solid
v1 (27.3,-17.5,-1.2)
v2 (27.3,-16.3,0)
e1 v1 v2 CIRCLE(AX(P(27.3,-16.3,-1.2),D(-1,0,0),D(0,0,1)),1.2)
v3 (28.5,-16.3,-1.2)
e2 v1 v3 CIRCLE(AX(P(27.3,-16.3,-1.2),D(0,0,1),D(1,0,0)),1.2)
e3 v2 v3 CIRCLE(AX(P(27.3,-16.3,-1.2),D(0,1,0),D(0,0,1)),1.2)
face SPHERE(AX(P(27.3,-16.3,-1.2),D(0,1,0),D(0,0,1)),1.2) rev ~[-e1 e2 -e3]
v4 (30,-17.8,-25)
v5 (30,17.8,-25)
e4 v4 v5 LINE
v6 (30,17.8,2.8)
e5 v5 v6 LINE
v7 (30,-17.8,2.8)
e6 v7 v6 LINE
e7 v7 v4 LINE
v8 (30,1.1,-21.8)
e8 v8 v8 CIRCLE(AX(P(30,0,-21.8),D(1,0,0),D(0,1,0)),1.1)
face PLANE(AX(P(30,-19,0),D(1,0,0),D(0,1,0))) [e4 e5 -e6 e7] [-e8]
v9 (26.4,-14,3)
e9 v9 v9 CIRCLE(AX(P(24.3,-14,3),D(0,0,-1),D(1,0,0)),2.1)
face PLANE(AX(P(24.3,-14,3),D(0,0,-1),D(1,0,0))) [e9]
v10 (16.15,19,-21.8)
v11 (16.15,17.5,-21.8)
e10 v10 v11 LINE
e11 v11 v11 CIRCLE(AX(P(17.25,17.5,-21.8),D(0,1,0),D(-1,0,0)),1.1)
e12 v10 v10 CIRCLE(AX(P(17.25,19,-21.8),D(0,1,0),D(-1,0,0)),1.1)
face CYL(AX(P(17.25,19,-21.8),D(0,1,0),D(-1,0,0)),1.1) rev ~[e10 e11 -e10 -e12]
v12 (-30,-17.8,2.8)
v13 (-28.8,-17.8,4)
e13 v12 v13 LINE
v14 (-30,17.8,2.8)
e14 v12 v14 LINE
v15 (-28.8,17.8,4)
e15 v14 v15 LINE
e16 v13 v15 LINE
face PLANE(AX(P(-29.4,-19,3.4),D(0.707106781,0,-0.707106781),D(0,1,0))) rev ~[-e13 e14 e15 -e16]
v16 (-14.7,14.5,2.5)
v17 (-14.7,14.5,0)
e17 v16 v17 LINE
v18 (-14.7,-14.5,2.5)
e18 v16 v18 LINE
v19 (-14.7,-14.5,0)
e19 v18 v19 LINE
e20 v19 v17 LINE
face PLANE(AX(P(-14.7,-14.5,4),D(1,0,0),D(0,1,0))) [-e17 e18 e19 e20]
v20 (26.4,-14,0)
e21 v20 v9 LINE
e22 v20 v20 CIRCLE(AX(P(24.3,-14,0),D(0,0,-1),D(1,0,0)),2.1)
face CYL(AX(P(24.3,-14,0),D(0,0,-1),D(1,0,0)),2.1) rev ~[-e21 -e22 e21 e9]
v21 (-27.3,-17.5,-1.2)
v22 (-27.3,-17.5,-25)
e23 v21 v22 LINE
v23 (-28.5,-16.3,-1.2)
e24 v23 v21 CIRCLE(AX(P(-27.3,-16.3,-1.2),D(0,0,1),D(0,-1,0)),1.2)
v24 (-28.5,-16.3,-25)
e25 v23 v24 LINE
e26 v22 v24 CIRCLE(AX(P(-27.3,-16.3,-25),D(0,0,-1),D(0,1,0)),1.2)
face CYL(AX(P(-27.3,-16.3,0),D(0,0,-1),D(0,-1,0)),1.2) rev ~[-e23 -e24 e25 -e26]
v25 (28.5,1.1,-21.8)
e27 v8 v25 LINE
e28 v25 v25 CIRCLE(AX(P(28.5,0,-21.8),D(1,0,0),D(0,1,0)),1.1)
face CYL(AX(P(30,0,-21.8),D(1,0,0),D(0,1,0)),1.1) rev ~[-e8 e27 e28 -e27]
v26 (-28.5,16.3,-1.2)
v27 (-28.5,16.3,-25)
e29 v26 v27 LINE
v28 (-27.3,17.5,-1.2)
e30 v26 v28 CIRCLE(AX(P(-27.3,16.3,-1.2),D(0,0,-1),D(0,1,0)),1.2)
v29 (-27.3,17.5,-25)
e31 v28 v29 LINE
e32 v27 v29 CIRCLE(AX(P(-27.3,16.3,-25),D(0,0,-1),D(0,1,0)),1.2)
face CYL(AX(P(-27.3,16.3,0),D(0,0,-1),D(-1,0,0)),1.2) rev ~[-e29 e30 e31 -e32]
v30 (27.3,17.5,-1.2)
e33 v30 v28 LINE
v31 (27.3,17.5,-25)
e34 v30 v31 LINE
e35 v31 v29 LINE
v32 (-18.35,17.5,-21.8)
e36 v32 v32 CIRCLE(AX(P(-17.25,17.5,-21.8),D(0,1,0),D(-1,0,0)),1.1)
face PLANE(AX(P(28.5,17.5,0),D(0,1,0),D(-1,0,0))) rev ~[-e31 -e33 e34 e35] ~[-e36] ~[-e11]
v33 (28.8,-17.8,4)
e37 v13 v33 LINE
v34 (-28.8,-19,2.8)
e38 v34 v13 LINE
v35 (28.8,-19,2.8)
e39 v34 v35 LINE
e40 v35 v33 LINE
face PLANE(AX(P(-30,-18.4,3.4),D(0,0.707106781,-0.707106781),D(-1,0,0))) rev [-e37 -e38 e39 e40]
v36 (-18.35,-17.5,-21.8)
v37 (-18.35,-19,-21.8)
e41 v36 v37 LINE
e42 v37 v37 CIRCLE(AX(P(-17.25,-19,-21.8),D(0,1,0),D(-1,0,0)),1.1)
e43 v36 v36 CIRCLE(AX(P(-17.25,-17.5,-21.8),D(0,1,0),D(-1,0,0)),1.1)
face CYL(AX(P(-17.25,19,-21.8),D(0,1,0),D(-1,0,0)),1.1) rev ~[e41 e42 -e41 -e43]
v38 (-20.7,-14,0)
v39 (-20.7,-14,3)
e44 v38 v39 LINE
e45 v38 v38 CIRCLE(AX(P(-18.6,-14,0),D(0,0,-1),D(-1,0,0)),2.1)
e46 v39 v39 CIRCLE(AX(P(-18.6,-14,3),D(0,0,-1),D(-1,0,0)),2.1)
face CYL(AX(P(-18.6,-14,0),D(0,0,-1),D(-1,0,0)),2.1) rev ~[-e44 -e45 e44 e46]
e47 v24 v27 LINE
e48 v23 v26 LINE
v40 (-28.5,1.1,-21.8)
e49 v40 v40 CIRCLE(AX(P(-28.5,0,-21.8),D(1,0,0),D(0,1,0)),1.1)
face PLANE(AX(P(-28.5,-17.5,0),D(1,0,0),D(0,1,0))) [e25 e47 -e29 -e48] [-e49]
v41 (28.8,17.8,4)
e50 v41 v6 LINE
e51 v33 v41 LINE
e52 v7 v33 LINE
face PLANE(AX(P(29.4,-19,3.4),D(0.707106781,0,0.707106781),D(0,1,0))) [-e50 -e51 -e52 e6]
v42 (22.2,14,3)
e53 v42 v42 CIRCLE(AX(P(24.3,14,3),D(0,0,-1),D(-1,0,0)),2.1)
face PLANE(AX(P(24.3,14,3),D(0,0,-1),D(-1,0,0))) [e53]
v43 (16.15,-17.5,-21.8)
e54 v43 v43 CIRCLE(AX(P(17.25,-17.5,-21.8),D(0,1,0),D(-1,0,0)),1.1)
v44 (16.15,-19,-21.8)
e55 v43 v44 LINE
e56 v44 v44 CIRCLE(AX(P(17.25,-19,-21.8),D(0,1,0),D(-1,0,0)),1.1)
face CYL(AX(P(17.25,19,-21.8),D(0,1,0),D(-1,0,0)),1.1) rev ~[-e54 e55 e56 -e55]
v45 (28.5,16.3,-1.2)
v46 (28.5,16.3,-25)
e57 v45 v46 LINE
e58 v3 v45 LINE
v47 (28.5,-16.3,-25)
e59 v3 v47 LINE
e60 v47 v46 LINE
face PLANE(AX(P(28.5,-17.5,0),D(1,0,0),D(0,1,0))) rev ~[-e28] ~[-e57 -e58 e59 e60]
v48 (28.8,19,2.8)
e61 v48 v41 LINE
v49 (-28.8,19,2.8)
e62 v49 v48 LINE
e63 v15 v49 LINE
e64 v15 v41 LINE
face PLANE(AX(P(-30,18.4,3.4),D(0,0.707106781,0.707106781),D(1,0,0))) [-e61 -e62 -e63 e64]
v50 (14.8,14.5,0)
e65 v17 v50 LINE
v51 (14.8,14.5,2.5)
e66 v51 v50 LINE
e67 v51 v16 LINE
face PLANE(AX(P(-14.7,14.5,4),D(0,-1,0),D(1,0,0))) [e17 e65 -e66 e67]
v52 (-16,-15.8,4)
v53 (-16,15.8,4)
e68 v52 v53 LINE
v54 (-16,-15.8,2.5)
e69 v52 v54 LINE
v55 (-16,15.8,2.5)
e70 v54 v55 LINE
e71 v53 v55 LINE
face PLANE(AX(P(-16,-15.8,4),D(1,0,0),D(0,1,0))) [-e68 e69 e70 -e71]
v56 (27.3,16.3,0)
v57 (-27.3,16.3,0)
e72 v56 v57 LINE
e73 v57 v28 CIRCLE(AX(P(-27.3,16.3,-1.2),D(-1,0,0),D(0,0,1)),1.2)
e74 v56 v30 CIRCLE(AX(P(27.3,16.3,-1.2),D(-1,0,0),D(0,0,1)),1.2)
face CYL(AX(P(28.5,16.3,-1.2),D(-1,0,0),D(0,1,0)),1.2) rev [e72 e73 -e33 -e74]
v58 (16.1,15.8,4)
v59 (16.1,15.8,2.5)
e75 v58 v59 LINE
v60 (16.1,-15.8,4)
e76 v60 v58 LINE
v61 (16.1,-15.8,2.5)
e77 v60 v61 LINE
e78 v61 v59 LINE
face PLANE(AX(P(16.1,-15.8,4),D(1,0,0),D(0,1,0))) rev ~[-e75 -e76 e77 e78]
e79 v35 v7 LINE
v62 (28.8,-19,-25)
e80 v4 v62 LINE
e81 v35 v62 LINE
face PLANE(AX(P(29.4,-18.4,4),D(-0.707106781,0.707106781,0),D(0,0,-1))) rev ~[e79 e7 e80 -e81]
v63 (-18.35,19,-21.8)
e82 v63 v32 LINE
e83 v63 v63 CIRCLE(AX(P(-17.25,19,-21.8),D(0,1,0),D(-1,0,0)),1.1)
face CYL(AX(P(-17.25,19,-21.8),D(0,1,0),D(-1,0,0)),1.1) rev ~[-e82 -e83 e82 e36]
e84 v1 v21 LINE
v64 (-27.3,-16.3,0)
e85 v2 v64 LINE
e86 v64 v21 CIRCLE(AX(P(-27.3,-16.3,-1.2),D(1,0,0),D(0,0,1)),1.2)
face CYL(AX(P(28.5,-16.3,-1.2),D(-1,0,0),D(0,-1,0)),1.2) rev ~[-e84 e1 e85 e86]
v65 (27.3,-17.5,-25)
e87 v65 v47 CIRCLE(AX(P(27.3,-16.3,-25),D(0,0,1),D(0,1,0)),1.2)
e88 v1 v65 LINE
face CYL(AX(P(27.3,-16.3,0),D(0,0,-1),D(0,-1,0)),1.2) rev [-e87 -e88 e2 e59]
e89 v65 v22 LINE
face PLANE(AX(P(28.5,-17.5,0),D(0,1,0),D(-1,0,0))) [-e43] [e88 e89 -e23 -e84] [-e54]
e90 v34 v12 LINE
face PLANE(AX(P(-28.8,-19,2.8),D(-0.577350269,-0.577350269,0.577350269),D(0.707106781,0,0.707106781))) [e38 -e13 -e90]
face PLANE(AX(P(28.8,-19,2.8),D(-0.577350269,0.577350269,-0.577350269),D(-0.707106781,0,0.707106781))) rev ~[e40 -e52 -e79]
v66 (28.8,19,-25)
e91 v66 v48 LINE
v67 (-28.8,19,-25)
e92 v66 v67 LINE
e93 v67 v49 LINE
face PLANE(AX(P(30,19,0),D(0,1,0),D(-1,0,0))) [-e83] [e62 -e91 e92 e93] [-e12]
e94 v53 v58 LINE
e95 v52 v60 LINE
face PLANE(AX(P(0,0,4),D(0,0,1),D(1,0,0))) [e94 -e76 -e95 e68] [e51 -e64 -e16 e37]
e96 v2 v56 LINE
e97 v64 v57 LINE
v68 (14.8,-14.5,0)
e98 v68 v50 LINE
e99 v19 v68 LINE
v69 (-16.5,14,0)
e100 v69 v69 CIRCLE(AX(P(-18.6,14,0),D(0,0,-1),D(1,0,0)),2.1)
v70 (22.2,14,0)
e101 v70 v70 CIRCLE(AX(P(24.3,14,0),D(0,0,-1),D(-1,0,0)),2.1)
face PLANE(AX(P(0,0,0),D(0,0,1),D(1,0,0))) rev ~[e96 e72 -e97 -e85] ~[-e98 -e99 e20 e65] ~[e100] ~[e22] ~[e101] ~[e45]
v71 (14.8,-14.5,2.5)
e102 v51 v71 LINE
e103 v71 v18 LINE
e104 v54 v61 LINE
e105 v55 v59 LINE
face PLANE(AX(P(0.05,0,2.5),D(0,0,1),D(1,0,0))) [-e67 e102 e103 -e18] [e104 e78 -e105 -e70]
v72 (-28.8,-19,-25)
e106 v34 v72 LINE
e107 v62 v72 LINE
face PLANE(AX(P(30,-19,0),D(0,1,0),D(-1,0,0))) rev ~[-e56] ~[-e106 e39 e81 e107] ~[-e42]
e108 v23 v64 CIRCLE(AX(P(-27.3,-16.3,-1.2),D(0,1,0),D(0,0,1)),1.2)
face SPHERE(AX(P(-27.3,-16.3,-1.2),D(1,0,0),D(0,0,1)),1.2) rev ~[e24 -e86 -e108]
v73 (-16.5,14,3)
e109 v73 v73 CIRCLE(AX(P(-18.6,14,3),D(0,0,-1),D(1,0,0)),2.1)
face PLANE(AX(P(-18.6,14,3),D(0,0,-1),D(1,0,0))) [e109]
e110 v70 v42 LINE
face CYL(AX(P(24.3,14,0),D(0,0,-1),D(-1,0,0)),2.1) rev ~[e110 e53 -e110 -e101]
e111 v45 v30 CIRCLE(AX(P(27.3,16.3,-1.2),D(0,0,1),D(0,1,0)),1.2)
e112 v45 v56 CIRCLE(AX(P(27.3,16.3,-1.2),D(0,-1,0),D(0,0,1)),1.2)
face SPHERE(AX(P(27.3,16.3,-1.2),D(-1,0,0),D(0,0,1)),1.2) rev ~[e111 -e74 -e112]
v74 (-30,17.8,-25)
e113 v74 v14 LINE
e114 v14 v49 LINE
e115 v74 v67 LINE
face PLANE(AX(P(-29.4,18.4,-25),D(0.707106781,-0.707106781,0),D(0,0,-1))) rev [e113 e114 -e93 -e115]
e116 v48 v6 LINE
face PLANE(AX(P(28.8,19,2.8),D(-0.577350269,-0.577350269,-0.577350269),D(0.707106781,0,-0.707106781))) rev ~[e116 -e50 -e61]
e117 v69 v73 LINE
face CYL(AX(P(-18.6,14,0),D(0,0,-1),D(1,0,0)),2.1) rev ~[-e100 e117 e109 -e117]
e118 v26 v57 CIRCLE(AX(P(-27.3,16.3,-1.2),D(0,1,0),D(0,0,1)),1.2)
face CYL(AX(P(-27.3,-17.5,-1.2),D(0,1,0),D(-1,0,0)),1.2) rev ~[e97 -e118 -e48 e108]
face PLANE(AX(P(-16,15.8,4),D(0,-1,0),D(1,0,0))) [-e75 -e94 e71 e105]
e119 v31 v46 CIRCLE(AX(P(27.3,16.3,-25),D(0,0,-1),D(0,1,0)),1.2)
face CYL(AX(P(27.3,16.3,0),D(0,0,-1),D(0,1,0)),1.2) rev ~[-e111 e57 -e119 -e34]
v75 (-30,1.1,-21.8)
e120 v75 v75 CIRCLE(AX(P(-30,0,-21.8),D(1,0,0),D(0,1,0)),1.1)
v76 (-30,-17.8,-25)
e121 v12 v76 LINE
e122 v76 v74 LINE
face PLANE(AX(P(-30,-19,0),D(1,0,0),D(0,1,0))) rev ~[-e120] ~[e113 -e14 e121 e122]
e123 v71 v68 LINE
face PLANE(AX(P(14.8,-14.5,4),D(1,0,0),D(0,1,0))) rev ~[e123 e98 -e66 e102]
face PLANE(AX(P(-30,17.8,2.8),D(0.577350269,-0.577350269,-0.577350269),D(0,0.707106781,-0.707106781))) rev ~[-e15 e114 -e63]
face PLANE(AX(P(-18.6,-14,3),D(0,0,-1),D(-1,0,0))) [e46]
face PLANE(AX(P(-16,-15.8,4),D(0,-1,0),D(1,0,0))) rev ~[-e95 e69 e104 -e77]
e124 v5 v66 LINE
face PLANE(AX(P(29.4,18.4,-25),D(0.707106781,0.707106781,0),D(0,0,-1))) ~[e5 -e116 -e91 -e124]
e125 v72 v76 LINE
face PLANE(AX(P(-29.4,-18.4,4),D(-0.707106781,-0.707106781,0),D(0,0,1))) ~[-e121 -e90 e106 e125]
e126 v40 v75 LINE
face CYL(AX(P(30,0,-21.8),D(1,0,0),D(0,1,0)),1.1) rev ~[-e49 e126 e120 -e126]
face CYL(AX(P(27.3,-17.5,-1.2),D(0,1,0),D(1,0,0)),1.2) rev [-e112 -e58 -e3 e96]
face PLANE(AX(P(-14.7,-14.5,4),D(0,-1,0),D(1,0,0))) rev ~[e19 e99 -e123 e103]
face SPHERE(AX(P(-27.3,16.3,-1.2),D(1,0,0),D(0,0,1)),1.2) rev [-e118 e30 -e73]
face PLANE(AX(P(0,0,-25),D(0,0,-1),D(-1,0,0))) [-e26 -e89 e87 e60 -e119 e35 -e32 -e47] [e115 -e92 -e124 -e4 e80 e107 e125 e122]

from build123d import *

# Parameters (mm, degrees)
ESQUISSE1_W                     = 60
ESQUISSE1_H                     = 38
BASE_DEPTH                      = 4
ESQUISSE2_W                     = 29.5
ESQUISSE2_H                     = 29
SCREEN_DEPTH                    = 4
ESQUISSE5_R                     = 2.1
INSERTS_M3_DEPTH                = 3
ESQUISSE6_W                     = 60
ESQUISSE6_H                     = 38
ESQUISSE6_W_2                   = 57
ESQUISSE6_H_2                   = 35
WALLS_DEPTH                     = 25
CHANFREIN_EXT_SIZE              = 1.2
FILLET_INT_R                    = 1.2
ESQUISSE7_R                     = 1.1
PASSAGE_VIS_HORIZONTAL_DEPTH    = 68.720011813
ESQUISSE9_R                     = 1.1
PASSAGE_VIS_VERTICAL_DEPTH      = 55.488530903
ESQUISSE11_W                    = 32.1
ESQUISSE11_H                    = 31.6
EMPLACEMENT_VERRE_32_5_32_DEPTH = 1.5


with BuildPart() as part:
    # Esquisse1 → BASE (new body)
    with BuildSketch(Plane.XY):
        Rectangle(ESQUISSE1_W, ESQUISSE1_H)
    extrude(amount=BASE_DEPTH)

    # Esquisse2 → Screen (cut)
    with BuildSketch(Plane.XY.offset(4)):
        with Locations((0.05, 0)):
            Rectangle(ESQUISSE2_W, ESQUISSE2_H)
    extrude(amount=-SCREEN_DEPTH, mode=Mode.SUBTRACT)

    # Esquisse5 → Inserts_M3 (cut)
    with BuildSketch(Plane(origin=(0, 0, 0), x_dir=(-1, 0, 0), z_dir=(0, 0, -1))):
        with Locations((-24.3, 14)):
            Circle(ESQUISSE5_R)
        with Locations(Location((-24.3, -14, 0), (0, 0, 180))):
            Circle(ESQUISSE5_R)
        with Locations((18.6, -14)):
            Circle(ESQUISSE5_R)
        with Locations(Location((18.6, 14, 0), (0, 0, 180))):
            Circle(ESQUISSE5_R)
    extrude(amount=-INSERTS_M3_DEPTH, mode=Mode.SUBTRACT)

    # Esquisse6 → Walls (add)
    with BuildSketch(Plane(origin=(0, 0, 0), x_dir=(-1, 0, 0), z_dir=(0, 0, -1))):
        Rectangle(ESQUISSE6_W, ESQUISSE6_H)
        Rectangle(ESQUISSE6_W_2, ESQUISSE6_H_2, mode=Mode.SUBTRACT)
    extrude(amount=WALLS_DEPTH)

    # Chanfrein_EXT
    chanfrein_ext_edges = [part.edges().sort_by_distance(p)[0] for p in [
        (30, 0, 4),
        (0, 19, 4),
        (-30, 0, 4),
        (-30, 19, -10.5),
        (30, 19, -10.5),
        (30, -19, -10.5),
        (-30, -19, -10.5),
        (0, -19, 4),
    ]]
    chamfer(chanfrein_ext_edges, length=CHANFREIN_EXT_SIZE)

    # Fillet_INT
    fillet_int_edges = [part.edges().sort_by_distance(p)[0] for p in [
        (0, 17.5, 0),
        (28.5, 0, 0),
        (0, -17.5, 0),
        (-28.5, 0, 0),
        (28.5, 17.5, -12.5),
        (28.5, -17.5, -12.5),
        (-28.5, -17.5, -12.5),
        (-28.5, 17.5, -12.5),
    ]]
    fillet(fillet_int_edges, radius=FILLET_INT_R)

    # Esquisse7 → Passage_Vis_Horizontal (cut, through all)
    with BuildSketch(Plane(origin=(30, 0, 0), x_dir=(0, 0, -1), z_dir=(1, 0, 0))):
        with Locations(Location((21.8, 0, 0), (0, 0, 90))):
            Circle(ESQUISSE7_R)
    extrude(amount=-PASSAGE_VIS_HORIZONTAL_DEPTH, mode=Mode.SUBTRACT)

    # Esquisse9 → Passage_Vis_Vertical (cut, through all)
    with BuildSketch(Plane(origin=(0, 19, 0), x_dir=(1, 0, 0), z_dir=(0, 1, 0))):
        with Locations(Location((-17.25, 21.8, 0), (0, 0, 180))):
            Circle(ESQUISSE9_R)
        with Locations(Location((17.25, 21.8, 0), (0, 0, 180))):
            Circle(ESQUISSE9_R)
    extrude(amount=-PASSAGE_VIS_VERTICAL_DEPTH, mode=Mode.SUBTRACT)

    # Esquisse11 → Emplacement Verre 32.5*32 (cut)
    with BuildSketch(Plane.XY.offset(4)):
        with Locations((0.05, 0)):
            Rectangle(ESQUISSE11_W, ESQUISSE11_H)
    extrude(amount=-EMPLACEMENT_VERRE_32_5_32_DEPTH, mode=Mode.SUBTRACT)


solid = part.part
